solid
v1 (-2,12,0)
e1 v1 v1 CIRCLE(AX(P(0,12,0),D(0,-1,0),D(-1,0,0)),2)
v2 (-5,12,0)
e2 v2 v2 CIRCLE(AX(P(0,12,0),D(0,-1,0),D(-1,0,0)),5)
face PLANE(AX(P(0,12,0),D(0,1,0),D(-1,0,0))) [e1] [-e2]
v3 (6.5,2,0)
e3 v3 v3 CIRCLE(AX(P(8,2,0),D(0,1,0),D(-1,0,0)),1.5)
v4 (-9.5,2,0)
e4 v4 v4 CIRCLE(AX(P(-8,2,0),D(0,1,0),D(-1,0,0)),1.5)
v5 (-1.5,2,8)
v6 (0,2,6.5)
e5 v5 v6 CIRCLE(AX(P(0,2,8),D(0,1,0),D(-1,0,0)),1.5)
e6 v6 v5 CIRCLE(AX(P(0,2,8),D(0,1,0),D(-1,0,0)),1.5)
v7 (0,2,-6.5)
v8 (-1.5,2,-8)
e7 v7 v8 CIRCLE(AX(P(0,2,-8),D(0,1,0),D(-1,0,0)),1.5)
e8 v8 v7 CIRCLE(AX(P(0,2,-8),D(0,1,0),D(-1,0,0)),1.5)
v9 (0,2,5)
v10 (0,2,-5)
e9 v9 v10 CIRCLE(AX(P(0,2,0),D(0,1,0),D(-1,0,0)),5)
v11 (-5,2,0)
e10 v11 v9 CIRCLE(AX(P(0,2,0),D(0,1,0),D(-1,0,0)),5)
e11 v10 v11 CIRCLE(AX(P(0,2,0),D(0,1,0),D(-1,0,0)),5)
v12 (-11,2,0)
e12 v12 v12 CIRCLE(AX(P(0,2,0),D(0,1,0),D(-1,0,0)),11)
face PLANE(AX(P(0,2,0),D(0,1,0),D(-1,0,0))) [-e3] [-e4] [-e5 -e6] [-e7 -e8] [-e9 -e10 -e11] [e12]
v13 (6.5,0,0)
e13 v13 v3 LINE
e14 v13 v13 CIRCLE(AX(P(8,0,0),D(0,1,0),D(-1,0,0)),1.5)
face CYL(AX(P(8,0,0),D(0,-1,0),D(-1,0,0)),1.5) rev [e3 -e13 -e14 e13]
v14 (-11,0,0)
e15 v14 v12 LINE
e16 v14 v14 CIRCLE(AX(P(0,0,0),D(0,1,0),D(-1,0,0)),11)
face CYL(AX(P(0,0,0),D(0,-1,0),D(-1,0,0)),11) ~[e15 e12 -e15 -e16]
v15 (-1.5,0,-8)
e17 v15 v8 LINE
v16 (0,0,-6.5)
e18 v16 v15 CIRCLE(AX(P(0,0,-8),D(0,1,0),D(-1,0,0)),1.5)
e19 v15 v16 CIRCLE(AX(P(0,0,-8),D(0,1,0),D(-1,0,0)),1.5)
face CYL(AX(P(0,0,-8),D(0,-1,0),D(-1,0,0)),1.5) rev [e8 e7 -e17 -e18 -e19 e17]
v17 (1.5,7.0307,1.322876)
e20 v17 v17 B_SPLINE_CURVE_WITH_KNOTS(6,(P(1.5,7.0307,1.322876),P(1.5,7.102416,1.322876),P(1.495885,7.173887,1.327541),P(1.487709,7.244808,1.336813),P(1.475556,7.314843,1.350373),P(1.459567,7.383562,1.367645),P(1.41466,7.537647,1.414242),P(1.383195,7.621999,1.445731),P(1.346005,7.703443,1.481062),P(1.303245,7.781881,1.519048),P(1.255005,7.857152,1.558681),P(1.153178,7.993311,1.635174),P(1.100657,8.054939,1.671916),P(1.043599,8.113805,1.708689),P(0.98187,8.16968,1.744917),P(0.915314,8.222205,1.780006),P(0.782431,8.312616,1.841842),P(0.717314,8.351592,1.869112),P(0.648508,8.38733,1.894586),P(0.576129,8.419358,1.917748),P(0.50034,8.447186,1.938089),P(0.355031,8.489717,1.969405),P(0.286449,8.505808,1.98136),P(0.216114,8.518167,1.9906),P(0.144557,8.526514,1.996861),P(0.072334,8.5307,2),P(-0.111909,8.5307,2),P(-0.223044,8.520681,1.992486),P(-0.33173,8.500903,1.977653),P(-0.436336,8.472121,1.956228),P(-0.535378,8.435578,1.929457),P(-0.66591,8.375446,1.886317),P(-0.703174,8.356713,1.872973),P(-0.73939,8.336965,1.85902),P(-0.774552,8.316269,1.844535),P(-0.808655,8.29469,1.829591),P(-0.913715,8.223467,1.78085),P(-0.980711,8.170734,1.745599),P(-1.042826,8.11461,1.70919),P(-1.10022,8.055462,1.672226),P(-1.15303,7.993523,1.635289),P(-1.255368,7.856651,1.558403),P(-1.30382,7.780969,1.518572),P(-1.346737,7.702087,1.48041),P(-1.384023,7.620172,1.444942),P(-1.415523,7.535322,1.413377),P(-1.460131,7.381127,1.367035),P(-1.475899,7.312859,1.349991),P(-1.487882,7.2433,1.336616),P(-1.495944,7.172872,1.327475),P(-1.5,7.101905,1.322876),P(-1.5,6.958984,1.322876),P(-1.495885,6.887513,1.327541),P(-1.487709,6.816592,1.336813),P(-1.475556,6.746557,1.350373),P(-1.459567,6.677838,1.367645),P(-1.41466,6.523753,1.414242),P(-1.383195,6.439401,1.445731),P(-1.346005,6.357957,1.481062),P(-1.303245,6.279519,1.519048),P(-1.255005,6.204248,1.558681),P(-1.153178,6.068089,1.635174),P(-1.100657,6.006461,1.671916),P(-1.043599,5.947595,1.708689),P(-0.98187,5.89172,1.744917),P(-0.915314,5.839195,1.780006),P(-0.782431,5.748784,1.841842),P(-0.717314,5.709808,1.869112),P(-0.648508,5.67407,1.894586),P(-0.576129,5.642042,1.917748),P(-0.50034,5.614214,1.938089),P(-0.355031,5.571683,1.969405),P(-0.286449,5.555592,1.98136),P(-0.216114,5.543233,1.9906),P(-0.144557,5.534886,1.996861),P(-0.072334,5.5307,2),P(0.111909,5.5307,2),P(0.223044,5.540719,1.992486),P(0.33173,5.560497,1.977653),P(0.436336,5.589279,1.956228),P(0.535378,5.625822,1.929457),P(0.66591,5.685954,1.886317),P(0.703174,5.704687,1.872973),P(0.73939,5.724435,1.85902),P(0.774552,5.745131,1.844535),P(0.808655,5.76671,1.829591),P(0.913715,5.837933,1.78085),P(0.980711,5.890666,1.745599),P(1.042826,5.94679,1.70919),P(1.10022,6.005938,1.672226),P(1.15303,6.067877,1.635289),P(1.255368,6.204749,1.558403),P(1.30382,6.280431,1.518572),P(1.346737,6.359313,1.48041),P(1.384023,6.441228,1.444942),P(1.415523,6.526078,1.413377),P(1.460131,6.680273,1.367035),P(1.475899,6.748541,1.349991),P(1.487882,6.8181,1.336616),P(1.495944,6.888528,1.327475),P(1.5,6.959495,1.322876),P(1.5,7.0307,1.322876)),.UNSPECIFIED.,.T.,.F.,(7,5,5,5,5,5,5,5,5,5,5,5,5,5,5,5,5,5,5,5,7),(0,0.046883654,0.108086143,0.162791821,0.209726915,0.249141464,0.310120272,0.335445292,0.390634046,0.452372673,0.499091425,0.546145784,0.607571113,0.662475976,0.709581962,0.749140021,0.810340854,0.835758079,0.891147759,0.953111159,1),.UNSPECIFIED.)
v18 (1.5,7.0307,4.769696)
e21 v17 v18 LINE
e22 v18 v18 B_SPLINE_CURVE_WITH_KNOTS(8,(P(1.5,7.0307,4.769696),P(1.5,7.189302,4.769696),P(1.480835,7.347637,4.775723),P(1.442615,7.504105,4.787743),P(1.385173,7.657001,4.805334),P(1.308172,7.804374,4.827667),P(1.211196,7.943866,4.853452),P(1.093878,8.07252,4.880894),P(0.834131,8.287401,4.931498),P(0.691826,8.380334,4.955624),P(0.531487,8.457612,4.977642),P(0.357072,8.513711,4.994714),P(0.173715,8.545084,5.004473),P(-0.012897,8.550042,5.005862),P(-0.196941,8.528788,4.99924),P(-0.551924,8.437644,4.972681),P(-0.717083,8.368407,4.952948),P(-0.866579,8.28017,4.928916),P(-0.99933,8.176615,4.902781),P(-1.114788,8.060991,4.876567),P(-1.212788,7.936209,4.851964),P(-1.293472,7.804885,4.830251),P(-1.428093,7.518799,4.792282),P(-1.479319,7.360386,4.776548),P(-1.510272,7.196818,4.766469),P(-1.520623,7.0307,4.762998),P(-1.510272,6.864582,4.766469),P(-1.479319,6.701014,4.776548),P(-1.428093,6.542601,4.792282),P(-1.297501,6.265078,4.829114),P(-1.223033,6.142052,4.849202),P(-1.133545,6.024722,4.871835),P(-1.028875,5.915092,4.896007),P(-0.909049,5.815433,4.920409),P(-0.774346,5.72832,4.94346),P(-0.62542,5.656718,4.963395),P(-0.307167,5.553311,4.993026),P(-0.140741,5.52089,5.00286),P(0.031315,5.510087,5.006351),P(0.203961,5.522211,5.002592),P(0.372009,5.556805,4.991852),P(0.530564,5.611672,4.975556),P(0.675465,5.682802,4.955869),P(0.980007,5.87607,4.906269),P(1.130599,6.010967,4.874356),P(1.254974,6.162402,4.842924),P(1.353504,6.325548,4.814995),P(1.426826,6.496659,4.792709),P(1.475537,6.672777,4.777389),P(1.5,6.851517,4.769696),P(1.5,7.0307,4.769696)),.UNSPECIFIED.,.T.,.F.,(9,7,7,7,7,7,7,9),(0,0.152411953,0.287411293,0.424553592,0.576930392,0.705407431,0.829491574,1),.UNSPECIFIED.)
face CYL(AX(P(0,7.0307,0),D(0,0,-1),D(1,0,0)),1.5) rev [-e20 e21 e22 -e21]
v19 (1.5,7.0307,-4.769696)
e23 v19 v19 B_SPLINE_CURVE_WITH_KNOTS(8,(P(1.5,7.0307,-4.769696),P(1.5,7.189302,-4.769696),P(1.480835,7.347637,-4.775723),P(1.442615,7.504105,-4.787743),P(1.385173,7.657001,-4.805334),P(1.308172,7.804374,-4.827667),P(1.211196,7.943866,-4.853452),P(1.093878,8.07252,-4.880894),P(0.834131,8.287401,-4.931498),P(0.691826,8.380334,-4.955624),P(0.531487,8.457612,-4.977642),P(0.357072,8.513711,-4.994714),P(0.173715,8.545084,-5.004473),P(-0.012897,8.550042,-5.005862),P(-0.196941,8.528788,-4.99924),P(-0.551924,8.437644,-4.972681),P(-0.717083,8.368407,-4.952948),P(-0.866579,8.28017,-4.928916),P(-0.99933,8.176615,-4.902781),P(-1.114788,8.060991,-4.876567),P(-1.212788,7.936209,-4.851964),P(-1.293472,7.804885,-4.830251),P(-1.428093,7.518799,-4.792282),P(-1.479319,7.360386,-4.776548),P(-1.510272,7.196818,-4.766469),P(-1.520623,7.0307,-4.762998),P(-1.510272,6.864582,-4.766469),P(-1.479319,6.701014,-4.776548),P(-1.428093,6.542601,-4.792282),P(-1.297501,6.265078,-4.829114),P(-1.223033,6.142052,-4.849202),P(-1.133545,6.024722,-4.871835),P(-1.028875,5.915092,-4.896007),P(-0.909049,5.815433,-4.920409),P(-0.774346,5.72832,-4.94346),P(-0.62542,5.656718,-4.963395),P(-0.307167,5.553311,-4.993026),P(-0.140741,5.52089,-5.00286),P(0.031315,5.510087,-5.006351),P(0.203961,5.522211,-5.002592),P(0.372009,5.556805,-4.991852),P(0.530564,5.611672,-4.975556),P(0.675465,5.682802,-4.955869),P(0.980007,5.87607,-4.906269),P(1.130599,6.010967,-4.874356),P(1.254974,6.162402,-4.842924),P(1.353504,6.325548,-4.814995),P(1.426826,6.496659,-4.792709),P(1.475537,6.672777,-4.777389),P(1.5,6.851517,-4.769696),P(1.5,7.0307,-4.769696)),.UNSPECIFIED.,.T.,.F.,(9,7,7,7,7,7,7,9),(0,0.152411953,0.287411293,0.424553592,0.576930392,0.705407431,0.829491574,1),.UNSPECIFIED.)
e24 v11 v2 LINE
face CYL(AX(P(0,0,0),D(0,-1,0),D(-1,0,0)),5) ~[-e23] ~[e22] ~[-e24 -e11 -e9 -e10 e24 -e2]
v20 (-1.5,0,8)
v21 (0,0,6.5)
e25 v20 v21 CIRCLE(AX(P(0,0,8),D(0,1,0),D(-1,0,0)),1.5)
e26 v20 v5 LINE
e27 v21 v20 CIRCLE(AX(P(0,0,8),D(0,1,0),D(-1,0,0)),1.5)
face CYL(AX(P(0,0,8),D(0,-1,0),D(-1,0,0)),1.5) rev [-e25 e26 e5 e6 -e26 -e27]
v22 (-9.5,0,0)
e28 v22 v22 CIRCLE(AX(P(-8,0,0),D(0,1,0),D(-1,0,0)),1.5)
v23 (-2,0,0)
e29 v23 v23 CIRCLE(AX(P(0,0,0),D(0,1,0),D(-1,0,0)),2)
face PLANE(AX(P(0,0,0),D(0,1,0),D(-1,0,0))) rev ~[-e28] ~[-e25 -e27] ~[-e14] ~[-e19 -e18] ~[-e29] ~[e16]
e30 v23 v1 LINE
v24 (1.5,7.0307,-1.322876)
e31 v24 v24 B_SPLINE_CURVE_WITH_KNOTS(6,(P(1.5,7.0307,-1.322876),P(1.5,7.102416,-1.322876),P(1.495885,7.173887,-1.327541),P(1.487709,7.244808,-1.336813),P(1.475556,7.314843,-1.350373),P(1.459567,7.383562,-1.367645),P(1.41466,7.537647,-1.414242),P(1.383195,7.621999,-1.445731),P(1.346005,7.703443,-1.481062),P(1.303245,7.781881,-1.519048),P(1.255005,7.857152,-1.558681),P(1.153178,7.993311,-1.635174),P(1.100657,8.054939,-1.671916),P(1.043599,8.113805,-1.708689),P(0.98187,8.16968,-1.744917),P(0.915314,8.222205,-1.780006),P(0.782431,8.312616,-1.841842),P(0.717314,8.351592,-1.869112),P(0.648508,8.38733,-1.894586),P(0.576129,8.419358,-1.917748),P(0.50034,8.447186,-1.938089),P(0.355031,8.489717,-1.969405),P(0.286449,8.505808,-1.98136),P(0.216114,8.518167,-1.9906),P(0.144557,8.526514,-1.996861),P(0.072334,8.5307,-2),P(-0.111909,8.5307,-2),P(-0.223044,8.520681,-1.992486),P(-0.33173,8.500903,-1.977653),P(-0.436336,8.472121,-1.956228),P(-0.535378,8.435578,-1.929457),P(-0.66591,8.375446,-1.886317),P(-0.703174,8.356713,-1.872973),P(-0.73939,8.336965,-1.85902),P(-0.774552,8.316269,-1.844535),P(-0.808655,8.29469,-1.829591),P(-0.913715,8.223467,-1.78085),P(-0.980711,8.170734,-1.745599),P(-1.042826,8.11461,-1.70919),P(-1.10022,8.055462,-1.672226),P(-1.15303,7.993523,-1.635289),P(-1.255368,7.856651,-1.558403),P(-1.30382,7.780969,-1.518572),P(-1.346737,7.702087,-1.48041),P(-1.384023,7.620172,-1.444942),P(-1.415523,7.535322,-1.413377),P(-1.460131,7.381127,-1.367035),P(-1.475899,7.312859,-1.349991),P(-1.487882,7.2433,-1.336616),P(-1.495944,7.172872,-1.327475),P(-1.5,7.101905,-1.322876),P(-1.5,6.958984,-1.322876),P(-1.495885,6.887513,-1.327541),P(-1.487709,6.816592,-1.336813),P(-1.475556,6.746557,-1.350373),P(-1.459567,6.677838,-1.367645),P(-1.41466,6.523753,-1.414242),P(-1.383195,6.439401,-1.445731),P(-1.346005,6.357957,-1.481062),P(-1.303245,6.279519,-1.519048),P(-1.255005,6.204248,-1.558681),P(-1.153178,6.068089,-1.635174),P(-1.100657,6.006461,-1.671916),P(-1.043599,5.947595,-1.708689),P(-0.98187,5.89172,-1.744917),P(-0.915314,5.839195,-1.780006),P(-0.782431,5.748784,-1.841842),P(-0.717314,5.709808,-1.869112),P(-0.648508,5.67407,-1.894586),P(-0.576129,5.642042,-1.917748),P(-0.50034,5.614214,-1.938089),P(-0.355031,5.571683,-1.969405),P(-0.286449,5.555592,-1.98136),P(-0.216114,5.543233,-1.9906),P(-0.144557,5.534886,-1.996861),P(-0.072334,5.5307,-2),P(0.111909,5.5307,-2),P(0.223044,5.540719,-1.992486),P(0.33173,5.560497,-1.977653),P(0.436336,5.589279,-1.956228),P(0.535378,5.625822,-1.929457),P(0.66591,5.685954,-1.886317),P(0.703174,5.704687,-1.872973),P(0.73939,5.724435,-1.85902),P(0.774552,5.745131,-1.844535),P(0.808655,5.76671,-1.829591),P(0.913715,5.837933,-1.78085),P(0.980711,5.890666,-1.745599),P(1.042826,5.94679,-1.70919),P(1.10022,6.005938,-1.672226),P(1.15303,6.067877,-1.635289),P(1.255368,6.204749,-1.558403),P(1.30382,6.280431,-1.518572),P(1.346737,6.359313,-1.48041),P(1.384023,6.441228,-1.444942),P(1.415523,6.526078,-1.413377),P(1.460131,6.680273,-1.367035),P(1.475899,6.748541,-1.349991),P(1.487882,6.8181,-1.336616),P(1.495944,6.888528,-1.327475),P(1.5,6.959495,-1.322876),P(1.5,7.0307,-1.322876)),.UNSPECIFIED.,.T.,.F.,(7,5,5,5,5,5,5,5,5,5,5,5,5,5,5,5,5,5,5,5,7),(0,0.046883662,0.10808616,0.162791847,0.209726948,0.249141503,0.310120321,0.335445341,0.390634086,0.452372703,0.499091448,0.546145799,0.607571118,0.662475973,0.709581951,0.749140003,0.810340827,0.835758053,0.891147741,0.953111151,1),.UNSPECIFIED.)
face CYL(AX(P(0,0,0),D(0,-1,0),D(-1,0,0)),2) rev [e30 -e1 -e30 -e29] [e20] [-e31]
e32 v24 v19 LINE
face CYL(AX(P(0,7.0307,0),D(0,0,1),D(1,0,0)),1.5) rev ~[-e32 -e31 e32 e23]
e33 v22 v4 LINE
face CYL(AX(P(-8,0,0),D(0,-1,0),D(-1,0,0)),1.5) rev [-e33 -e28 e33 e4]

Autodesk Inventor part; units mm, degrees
ref_plane "YZ Plane" through (0, 0, 0) normal (1, 0, 0) x (0, 1, 0)
ref_plane "XZ Plane" through (0, 0, 0) normal (0, 1, 0) x (-1, 0, 0)
ref_plane "XY Plane" through (0, 0, 0) normal (0, 0, 1) x (1, 0, 0)
sketch "Sketch1" plane through (0, 0, 0) normal (0, 1, 0) x (-1, 0, 0)
  circle A0 centre (0, 0) radius 11
  circle A1 centre (0, 0) radius 5
  circle A2 centre (0, 0) radius 2
  line L0 (0, 0) -> (0, -8)
  line L1 (0, 0) -> (0, 8)
  circle A3 centre (0, 8) radius 1.5
  circle A4 centre (0, -8) radius 1.5
  circle A5 centre (-8, 0) radius 1.5
  circle A6 centre (0, -8) radius 1.5
  circle A7 centre (8, 0) radius 1.5
  dimension "d0" = 22
  dimension "d1" = 10
  dimension "d2" = 4
  dimension "d3" = 8
  dimension "d4" = 8
  dimension "d5" = 3
  dimension "d6" = 3
  dimension "d9" = 360
extrude "Extrusion1" add sketch "Sketch1" along normal blind 2
extrude "Extrusion2" add sketch "Sketch1" along normal blind 12 contours A1 L0 A2 L1 | L1 A2 L0 A1
sketch "Sketch2" plane through (0, 0, 0) normal (0, 0, 1) x (1, 0, 0)
  circle A0 centre (0, 7.0307) radius 1.5
  point P0 (0, 0)
  dimension "d15" = 3
extrude "Extrusion3" cut sketch "Sketch2" along normal mid plane 12
sketch "Sketch3" plane through (0, 0, 0) normal (0, -1, 0) x (1, 0, 0)
  circle A0 centre (0, 0) radius 2
  circle A1 centre (-8, 0) radius 1.5 projected
  circle A2 centre (-8, 0) radius 1.5
  circle A3 centre (0, -8) radius 1.5 projected
  circle A4 centre (0, -8) radius 1.5
  circle A5 centre (8, 0) radius 1.5 projected
  circle A6 centre (8, 0) radius 1.5
  circle A7 centre (0, 8) radius 1.5 projected
  circle A8 centre (0, 8) radius 1.5
  circle A9 centre (0, 0) radius 11.0573
properties part number "hub 4mm" material "Copper"
